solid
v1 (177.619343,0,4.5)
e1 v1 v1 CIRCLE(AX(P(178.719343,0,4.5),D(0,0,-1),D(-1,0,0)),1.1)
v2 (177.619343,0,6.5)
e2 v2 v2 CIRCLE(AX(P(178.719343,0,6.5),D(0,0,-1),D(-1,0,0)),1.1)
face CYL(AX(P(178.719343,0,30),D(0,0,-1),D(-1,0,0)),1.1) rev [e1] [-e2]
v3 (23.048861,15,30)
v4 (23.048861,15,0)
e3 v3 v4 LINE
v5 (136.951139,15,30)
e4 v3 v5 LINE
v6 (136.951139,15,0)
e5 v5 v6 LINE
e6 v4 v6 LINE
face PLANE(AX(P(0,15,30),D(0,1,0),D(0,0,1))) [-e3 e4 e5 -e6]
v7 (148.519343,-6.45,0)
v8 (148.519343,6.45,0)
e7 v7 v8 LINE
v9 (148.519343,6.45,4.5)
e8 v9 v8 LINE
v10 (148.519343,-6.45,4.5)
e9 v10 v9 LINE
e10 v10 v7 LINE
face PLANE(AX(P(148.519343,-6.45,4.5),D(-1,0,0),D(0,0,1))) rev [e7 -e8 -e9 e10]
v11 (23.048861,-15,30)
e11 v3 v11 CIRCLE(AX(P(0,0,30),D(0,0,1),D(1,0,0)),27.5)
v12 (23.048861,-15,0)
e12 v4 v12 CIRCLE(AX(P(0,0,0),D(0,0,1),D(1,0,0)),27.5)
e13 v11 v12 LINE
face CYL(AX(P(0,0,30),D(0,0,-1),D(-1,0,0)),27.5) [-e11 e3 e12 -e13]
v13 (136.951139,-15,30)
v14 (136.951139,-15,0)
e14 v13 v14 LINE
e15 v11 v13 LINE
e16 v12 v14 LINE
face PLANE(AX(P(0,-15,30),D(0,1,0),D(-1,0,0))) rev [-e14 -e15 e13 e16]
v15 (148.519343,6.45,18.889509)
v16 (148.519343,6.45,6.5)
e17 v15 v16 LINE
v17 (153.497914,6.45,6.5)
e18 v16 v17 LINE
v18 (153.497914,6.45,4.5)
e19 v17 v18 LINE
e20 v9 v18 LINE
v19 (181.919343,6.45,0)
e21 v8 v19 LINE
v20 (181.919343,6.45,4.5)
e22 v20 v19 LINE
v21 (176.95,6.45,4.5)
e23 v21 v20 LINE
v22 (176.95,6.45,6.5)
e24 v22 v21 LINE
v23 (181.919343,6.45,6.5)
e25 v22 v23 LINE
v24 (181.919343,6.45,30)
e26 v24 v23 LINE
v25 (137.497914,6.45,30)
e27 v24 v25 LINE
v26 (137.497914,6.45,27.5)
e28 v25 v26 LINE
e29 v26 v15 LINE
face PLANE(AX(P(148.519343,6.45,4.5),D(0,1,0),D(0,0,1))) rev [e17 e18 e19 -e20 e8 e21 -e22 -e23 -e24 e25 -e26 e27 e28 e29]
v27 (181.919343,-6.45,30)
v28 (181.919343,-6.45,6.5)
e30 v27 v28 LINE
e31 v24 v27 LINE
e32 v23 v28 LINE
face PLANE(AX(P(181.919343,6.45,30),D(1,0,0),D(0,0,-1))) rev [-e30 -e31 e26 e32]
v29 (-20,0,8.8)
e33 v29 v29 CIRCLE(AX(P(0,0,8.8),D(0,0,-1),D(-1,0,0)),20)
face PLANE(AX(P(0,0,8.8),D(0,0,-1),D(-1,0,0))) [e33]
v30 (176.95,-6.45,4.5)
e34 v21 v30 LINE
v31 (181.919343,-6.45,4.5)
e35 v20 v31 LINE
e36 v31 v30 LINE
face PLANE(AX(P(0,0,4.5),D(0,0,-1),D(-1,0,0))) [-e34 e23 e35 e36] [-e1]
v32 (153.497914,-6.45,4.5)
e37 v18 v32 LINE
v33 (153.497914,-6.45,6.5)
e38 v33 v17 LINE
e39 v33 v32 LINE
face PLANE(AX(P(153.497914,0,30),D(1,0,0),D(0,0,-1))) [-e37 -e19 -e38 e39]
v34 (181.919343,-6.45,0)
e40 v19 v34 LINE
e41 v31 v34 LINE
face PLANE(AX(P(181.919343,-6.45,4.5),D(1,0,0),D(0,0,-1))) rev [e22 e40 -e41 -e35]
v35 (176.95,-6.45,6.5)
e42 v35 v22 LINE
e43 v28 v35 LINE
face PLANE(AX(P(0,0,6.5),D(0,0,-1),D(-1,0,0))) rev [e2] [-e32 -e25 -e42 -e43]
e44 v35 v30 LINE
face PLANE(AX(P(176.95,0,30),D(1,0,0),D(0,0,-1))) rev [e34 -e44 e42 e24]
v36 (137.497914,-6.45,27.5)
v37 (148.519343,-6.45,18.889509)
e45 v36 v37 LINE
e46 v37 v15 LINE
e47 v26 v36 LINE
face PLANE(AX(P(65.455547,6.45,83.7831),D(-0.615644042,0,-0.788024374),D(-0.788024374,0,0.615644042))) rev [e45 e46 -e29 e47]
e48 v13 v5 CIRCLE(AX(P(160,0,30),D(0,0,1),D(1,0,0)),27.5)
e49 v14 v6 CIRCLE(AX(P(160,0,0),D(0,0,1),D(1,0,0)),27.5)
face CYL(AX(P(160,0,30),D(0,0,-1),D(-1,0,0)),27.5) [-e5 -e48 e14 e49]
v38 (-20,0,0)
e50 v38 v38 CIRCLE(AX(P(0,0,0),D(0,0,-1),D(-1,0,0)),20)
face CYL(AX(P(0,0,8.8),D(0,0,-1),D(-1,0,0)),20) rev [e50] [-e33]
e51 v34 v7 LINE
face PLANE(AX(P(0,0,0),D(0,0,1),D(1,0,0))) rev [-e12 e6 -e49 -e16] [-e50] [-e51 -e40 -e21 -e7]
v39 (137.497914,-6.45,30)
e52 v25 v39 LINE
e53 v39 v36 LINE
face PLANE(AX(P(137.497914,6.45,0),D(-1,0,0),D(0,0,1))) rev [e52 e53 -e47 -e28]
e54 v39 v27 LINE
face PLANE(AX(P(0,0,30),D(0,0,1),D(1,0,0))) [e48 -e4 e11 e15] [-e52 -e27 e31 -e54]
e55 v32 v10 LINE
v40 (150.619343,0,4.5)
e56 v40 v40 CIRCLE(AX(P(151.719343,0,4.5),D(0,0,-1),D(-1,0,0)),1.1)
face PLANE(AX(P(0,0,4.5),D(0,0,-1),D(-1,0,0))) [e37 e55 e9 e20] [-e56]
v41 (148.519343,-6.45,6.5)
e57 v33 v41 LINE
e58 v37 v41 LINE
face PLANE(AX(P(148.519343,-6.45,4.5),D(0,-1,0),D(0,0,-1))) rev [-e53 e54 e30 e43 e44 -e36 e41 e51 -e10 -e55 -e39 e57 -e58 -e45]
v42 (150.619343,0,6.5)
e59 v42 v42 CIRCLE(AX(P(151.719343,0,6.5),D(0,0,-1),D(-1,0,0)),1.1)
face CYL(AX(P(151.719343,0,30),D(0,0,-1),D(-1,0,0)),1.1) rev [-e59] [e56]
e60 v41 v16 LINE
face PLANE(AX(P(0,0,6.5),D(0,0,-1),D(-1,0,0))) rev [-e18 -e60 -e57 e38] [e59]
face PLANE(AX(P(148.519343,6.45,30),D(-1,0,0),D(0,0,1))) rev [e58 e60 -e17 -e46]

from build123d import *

# Parameters (mm, degrees)
BOSS_EXTRUDE1_DEPTH = 30
SKETCH16_W          = 33.4
SKETCH16_H          = 12.9
CUT_EXTRUDE10_DEPTH = 4.5
SKETCH17_W          = 23.45208563
SKETCH17_H          = 12.9
CUT_EXTRUDE11_DEPTH = 192.865838543
CUT_EXTRUDE13_DEPTH = 6.45
SKETCH19_R          = 20
CUT_EXTRUDE14_DEPTH = 8.8
SKETCH21_W          = 33.4
SKETCH21_H          = 12.9
CUT_EXTRUDE15_DEPTH = 191.957455995
SKETCH23_R          = 1.1
CUT_EXTRUDE16_DEPTH = 192.865838543


with BuildPart() as part:
    # Sketch1 → Boss-Extrude1 (new body)
    with BuildSketch(Plane.XY):
        with BuildLine():
            ThreePointArc((187.5, 0), (167.823244805, 26.363741023), (136.951138857, 15))
            Line((136.951138857, 15), (160, 15))
            Line((160, 15), (160, -15))
            Line((160, -15), (136.951138857, -15))
            ThreePointArc((136.951138857, -15), (167.823244805, -26.363741023), (187.5, 0))
        make_face()
        with BuildLine():
            Line((160, 15), (136.951138857, 15))
            ThreePointArc((136.951138857, 15), (132.5, 0), (136.951138857, -15))
            Line((136.951138857, -15), (160, -15))
            Line((160, -15), (160, 15))
        make_face()
        with BuildLine():
            Line((136.951138857, 15), (23.048861143, 15))
            ThreePointArc((23.048861143, 15), (26.363741023, 7.823244805), (27.5, 0))
            ThreePointArc((27.5, 0), (26.363741023, -7.823244805), (23.048861143, -15))
            Line((23.048861143, -15), (136.951138857, -15))
            ThreePointArc((136.951138857, -15), (132.5, 0), (136.951138857, 15))
        make_face()
        with BuildLine():
            ThreePointArc((13.228756555, -15), (-20, 0), (13.228756555, 15))
            Line((13.228756555, 15), (23.048861143, 15))
            ThreePointArc((23.048861143, 15), (-27.5, 0), (23.048861143, -15))
            Line((23.048861143, -15), (13.228756555, -15))
        make_face()
        with BuildLine():
            Line((23.048861143, 15), (13.228756555, 15))
            ThreePointArc((13.228756555, 15), (18.228756555, 8.228756555), (20, 0))
            ThreePointArc((20, 0), (18.228756555, -8.228756555), (13.228756555, -15))
            Line((13.228756555, -15), (23.048861143, -15))
            ThreePointArc((23.048861143, -15), (26.363741023, -7.823244805), (27.5, 0))
            ThreePointArc((27.5, 0), (26.363741023, 7.823244805), (23.048861143, 15))
        make_face()
        with BuildLine():
            Line((0, -15), (0, 15))
            Line((0, 15), (13.228756555, 15))
            ThreePointArc((13.228756555, 15), (-20, 0), (13.228756555, -15))
            Line((13.228756555, -15), (0, -15))
        make_face()
        with BuildLine():
            Line((13.228756555, 15), (0, 15))
            Line((0, 15), (0, -15))
            Line((0, -15), (13.228756555, -15))
            ThreePointArc((13.228756555, -15), (18.228756555, -8.228756555), (20, 0))
            ThreePointArc((20, 0), (18.228756555, 8.228756555), (13.228756555, 15))
        make_face()
    extrude(amount=BOSS_EXTRUDE1_DEPTH)

    # Sketch16 → Cut-Extrude10 (cut)
    with BuildSketch(Plane(origin=(0, 0, 0), x_dir=(-1, 0, 0), z_dir=(0, 0, -1))):
        with Locations((-165.21934279, 0)):
            Rectangle(SKETCH16_W, SKETCH16_H)
    extrude(amount=-CUT_EXTRUDE10_DEPTH, mode=Mode.SUBTRACT)

    # Sketch17 → Cut-Extrude11 (cut, through all)
    with BuildSketch(Plane(origin=(0, 0, 0), x_dir=(-1, 0, 0), z_dir=(0, 0, -1))):
        with Locations((-165.223957185, 0)):
            Rectangle(SKETCH17_W, SKETCH17_H)
    extrude(amount=-CUT_EXTRUDE11_DEPTH, mode=Mode.SUBTRACT)

    # Sketch18 → Cut-Extrude13 (cut, symmetric)
    with BuildSketch(Plane(origin=(0, 0, 0), x_dir=(-1, 0, 0), z_dir=(0, -1, 0))):
        Polygon((-153.49791437, -15), (-153.49791437, -30), (-137.49791437, -30), (-137.49791437, -27.5), align=None)
    extrude(amount=CUT_EXTRUDE13_DEPTH, both=True, mode=Mode.SUBTRACT)

    # Sketch19 → Cut-Extrude14 (cut)
    with BuildSketch(Plane(origin=(0, 0, 0), x_dir=(-1, 0, 0), z_dir=(0, 0, -1))):
        Circle(SKETCH19_R)
    extrude(amount=-CUT_EXTRUDE14_DEPTH, mode=Mode.SUBTRACT)

    # Sketch21 → Cut-Extrude15 (cut, through all)
    with BuildSketch(Plane(origin=(0, 0, 6.5), x_dir=(-1, 0, 0), z_dir=(0, 0, -1))):
        with Locations((-165.21934279, 0)):
            Rectangle(SKETCH21_W, SKETCH21_H)
    extrude(amount=-CUT_EXTRUDE15_DEPTH, mode=Mode.SUBTRACT)

    # Sketch23 → Cut-Extrude16 (cut, through all)
    with BuildSketch(Plane(origin=(0, 0, 0), x_dir=(-1, 0, 0), z_dir=(0, 0, -1))):
        with Locations((-151.71934279, 0)):
            Circle(SKETCH23_R)
        with Locations((-178.71934279, 0)):
            Circle(SKETCH23_R)
    extrude(amount=-CUT_EXTRUDE16_DEPTH, mode=Mode.SUBTRACT)


solid = part.part
